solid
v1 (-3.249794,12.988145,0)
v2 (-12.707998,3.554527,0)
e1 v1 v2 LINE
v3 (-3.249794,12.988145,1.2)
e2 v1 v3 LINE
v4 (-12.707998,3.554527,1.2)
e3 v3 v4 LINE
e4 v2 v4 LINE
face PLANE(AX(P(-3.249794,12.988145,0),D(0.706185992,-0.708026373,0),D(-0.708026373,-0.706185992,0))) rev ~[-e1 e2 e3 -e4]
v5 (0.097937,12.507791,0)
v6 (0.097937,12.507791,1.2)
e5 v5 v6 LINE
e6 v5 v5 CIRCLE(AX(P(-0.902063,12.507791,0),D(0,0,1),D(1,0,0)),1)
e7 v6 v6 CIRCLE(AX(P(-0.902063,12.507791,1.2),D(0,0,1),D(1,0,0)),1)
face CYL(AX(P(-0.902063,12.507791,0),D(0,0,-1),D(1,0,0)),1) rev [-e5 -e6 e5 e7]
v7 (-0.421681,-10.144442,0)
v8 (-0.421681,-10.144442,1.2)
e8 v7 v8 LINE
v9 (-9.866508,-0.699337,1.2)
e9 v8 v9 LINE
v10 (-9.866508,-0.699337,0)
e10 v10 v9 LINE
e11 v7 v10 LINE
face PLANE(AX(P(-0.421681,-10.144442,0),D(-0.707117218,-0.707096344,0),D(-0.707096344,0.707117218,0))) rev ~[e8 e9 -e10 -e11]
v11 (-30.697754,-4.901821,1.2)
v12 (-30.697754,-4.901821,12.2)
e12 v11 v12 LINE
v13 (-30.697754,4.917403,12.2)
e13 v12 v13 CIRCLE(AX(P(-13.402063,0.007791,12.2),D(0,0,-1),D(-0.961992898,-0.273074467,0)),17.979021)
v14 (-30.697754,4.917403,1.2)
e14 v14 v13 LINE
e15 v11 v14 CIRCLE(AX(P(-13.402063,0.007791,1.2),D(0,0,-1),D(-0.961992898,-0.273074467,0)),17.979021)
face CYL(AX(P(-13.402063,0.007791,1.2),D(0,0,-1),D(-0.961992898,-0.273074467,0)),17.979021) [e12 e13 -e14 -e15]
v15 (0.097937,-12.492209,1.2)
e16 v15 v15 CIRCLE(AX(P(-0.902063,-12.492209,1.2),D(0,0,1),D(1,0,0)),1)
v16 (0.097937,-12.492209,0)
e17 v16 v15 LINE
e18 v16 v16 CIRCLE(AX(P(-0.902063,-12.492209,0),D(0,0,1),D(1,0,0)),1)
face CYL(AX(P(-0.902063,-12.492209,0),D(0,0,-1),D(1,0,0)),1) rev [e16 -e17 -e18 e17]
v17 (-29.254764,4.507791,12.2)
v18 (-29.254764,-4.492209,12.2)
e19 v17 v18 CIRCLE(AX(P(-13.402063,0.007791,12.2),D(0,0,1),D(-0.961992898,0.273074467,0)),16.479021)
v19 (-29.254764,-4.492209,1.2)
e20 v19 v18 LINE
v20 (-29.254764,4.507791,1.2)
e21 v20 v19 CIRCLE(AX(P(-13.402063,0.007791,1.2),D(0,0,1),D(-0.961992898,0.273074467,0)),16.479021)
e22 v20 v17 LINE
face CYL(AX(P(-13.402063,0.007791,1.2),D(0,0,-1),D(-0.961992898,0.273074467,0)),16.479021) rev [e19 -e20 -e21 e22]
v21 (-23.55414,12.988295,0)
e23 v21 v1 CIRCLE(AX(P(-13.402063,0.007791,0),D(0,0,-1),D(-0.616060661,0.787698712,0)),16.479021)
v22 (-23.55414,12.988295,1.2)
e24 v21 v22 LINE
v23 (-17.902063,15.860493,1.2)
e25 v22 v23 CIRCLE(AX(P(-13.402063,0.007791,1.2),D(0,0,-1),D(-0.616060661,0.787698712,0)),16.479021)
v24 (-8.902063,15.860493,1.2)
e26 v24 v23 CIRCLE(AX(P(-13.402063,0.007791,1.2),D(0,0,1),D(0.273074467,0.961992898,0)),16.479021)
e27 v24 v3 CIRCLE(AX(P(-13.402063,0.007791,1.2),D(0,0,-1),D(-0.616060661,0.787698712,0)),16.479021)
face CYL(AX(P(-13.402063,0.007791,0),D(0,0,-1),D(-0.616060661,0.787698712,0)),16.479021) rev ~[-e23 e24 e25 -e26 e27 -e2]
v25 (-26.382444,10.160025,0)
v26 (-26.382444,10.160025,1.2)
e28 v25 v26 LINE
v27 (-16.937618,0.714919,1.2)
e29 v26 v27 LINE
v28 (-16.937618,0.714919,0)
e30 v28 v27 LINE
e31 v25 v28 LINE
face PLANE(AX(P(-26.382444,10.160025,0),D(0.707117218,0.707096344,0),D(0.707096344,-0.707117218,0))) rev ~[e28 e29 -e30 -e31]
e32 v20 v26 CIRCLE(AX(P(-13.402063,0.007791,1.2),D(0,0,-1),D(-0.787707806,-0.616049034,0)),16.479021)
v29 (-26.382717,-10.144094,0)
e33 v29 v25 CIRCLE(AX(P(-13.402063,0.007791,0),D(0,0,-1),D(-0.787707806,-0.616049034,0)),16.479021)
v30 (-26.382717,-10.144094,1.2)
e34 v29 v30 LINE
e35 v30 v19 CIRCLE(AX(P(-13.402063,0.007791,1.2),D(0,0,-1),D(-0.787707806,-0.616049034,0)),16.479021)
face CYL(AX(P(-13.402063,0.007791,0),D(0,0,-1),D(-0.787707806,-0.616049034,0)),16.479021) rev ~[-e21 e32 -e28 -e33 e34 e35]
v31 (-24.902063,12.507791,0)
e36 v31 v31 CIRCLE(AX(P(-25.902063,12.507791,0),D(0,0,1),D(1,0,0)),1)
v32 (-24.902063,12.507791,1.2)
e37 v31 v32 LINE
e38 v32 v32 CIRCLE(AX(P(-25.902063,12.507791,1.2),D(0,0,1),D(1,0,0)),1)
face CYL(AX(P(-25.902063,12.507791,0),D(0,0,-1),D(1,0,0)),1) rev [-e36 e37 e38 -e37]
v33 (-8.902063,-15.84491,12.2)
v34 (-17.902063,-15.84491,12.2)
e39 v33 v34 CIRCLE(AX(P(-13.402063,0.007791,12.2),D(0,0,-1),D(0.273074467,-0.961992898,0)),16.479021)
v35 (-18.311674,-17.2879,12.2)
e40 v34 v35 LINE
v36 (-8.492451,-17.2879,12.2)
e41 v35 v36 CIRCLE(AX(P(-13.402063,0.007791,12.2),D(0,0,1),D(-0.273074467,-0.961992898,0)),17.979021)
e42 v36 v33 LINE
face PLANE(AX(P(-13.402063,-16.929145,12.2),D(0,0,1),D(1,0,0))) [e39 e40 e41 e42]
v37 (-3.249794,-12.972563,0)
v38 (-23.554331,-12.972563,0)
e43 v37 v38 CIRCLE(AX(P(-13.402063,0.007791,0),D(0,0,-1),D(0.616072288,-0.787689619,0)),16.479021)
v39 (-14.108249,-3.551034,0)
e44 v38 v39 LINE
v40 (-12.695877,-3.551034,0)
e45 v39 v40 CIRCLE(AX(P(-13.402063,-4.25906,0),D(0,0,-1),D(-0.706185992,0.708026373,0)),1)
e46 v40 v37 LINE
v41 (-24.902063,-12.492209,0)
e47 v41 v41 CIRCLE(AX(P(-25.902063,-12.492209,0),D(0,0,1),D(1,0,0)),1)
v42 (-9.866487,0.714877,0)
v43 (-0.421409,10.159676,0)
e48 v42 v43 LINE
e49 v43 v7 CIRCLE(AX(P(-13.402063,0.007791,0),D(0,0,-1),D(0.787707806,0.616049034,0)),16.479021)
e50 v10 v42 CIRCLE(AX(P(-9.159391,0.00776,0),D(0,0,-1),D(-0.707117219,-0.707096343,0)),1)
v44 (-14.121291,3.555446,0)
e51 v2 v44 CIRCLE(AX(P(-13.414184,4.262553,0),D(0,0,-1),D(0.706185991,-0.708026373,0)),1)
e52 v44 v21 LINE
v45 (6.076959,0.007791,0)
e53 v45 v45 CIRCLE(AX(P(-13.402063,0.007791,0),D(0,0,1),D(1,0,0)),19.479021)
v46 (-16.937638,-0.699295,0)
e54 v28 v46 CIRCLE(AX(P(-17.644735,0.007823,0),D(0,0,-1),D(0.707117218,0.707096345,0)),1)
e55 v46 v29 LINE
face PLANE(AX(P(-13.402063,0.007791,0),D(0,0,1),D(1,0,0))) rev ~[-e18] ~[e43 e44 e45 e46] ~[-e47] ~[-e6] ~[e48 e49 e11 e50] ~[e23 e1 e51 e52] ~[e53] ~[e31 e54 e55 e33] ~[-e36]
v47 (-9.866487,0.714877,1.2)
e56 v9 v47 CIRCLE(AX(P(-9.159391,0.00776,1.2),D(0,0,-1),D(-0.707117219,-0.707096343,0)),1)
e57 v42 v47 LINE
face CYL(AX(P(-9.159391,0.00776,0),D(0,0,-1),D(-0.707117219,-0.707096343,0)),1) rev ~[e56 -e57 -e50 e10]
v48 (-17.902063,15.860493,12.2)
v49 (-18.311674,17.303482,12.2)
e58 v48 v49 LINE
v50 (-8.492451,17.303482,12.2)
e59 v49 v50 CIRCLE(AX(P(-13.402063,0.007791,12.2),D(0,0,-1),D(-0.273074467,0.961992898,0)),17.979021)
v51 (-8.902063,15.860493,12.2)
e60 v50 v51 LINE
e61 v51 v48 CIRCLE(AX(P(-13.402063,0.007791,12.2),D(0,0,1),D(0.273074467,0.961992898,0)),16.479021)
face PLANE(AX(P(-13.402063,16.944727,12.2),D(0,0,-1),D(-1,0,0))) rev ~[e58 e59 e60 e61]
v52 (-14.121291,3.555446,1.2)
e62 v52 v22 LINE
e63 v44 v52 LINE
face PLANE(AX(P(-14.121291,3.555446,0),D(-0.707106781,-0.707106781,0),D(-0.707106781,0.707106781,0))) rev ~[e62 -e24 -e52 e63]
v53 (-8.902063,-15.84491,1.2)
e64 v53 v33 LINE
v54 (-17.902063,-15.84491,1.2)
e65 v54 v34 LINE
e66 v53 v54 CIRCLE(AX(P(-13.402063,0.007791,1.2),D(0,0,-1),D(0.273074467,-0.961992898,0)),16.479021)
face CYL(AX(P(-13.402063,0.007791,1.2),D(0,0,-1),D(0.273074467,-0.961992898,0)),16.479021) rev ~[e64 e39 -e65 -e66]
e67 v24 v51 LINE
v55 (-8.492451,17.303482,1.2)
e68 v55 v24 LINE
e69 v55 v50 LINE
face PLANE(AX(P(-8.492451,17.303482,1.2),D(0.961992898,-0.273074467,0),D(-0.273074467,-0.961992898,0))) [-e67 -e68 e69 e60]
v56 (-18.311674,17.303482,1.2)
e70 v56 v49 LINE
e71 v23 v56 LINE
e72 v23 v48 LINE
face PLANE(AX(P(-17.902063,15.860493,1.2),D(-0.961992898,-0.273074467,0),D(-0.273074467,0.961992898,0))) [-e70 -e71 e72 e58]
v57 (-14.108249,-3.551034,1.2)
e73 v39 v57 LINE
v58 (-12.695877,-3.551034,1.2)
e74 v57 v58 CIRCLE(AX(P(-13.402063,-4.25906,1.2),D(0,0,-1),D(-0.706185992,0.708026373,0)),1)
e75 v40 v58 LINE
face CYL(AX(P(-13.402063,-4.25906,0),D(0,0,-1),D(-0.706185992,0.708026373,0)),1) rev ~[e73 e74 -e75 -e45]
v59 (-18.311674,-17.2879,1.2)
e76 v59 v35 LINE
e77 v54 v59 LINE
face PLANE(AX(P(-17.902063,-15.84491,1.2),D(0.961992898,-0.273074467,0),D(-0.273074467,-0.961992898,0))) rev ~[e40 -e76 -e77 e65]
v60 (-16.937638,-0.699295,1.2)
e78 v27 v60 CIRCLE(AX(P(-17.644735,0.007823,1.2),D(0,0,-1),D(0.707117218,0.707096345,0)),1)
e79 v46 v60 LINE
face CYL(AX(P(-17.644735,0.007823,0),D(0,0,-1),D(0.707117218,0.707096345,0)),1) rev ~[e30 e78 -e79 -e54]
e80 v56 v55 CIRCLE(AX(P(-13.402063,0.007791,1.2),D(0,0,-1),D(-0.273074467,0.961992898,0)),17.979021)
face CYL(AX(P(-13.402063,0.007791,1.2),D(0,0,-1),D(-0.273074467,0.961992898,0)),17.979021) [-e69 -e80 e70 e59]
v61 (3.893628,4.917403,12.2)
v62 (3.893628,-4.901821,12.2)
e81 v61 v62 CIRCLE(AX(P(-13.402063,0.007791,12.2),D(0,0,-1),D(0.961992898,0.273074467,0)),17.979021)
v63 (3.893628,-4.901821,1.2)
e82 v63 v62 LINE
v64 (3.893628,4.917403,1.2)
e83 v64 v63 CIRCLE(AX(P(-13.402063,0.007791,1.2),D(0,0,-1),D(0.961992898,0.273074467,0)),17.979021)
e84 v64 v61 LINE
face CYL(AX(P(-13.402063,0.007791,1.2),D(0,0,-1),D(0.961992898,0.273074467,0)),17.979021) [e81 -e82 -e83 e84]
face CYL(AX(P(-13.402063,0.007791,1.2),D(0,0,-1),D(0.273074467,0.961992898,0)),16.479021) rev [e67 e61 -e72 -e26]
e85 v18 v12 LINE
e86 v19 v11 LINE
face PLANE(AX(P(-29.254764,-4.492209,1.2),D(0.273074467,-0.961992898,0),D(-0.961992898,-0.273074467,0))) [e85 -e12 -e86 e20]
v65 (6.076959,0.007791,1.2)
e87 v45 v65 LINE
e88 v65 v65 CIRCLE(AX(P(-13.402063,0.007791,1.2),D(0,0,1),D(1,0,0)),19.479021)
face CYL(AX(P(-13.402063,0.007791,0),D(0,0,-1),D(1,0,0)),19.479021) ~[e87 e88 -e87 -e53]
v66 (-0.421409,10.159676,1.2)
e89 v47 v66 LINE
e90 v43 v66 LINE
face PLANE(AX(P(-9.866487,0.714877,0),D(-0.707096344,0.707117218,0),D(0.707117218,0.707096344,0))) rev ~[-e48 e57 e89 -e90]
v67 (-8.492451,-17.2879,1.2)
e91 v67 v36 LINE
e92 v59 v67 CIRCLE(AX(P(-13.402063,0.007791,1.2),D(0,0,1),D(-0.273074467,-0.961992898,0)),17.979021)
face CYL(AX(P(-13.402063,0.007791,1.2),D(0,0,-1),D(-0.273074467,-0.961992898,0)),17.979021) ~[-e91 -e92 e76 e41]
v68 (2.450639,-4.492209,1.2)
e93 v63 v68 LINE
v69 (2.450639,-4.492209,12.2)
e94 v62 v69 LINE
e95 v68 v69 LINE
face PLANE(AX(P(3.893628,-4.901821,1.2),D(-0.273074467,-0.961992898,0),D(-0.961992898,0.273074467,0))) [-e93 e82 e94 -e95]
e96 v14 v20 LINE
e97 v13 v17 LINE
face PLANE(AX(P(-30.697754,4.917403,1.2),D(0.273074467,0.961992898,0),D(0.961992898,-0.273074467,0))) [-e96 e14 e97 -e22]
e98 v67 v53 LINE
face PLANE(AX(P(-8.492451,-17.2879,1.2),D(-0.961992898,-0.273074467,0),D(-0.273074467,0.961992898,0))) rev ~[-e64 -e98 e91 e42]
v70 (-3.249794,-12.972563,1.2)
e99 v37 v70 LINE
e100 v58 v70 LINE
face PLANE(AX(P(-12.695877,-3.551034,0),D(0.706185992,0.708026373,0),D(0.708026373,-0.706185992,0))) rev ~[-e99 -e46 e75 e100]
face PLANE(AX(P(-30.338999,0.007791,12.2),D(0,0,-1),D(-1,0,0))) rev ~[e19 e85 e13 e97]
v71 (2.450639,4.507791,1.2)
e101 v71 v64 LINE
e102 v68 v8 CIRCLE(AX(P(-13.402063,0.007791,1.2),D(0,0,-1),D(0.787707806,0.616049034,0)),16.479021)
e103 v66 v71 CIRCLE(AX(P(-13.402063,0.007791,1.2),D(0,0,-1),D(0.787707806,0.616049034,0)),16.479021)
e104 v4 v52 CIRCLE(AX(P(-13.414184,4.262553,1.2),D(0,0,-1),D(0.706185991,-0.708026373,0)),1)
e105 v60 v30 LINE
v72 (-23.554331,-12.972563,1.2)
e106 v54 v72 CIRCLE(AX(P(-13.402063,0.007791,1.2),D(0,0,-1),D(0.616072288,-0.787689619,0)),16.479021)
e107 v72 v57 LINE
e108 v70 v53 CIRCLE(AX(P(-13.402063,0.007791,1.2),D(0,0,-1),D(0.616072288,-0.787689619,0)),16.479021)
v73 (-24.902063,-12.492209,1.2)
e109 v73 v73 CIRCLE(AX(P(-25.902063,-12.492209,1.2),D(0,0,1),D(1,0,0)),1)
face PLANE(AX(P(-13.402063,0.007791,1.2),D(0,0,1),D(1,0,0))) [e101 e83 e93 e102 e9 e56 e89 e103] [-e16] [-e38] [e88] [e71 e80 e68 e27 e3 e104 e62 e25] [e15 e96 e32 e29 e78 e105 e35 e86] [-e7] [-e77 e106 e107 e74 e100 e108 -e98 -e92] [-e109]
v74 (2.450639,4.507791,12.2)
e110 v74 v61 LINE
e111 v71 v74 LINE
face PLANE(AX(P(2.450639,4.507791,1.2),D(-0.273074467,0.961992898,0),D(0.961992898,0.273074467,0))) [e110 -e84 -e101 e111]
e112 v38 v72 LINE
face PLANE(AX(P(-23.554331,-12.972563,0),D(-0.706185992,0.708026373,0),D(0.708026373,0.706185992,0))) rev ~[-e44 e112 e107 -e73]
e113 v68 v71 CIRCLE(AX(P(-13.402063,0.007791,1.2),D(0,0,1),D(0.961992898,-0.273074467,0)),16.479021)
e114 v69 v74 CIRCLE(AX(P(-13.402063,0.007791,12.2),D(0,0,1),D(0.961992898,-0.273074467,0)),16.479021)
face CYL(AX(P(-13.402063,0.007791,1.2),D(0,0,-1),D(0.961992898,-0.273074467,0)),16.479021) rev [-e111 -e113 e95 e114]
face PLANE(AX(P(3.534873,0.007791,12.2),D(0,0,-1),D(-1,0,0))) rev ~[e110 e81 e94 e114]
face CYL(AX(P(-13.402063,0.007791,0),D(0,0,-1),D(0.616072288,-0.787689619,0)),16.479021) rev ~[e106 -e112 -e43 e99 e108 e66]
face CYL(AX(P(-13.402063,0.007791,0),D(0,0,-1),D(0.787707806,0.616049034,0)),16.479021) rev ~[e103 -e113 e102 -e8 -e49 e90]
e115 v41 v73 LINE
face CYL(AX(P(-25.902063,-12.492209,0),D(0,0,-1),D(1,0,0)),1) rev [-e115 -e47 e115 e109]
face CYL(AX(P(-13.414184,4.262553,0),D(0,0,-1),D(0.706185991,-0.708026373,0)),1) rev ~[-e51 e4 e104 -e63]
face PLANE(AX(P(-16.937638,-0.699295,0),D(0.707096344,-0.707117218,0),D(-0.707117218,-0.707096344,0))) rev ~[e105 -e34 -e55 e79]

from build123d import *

# Parameters (mm, degrees)
SKETCH_4_R      = 19.479021456
SKETCH_4_R_2    = 1
EXTRUDE_1_DEPTH = 1.2
EXTRUDE_2_DEPTH = 11


with BuildPart() as part:
    # 草图4 → 凸台-拉伸1 (new body)
    with BuildSketch(Plane.XY):
        with Locations((-13.402062784, 0.00779119)):
            Circle(SKETCH_4_R)
        with Locations((-25.902062784, 12.50779119)):
            Circle(SKETCH_4_R_2, mode=Mode.SUBTRACT)
        with Locations((-0.902062784, 12.50779119)):
            Circle(SKETCH_4_R_2, mode=Mode.SUBTRACT)
        with Locations((-0.902062784, -12.49220881)):
            Circle(SKETCH_4_R_2, mode=Mode.SUBTRACT)
        with Locations((-25.902062784, -12.49220881)):
            Circle(SKETCH_4_R_2, mode=Mode.SUBTRACT)
        with BuildLine():
            Line((-0.421681224, -10.144442196), (-9.866508066, -0.699336529))
            ThreePointArc((-9.866508066, -0.699336529), (-10.159390847, 0.007774575), (-9.866487191, 0.714877033))
            Line((-9.866487191, 0.714877033), (-0.421408953, 10.159676447))
            ThreePointArc((-0.421408953, 10.159676447), (3.076958671, 0.007570212), (-0.421681224, -10.144442196))
        make_face(mode=Mode.SUBTRACT)
        with BuildLine():
            Line((-3.249794328, 12.988145321), (-12.707997878, 3.55452659))
            ThreePointArc((-12.707997878, 3.55452659), (-13.414834543, 3.262553175), (-14.121290651, 3.555446182))
            Line((-14.121290651, 3.555446182), (-23.554139641, 12.988295172))
            ThreePointArc((-23.554139641, 12.988295172), (-13.401941164, 16.486812646), (-3.249794328, 12.988145321))
        make_face(mode=Mode.SUBTRACT)
        with BuildLine():
            Line((-26.382444344, 10.160024576), (-16.937617502, 0.714918908))
            ThreePointArc((-16.937617502, 0.714918908), (-16.64473472, 0.007807804), (-16.937638376, -0.699294654))
            Line((-16.937638376, -0.699294654), (-26.382716615, -10.144094068))
            ThreePointArc((-26.382716615, -10.144094068), (-29.881084239, 0.008012168), (-26.382444344, 10.160024576))
        make_face(mode=Mode.SUBTRACT)
        with BuildLine():
            Line((-23.554331239, -12.972562941), (-14.108248776, -3.55103379))
            ThreePointArc((-14.108248776, -3.55103379), (-13.402062784, -3.259060163), (-12.695876792, -3.55103379))
            Line((-12.695876792, -3.55103379), (-3.249794328, -12.972562941))
            ThreePointArc((-3.249794328, -12.972562941), (-13.402062784, -16.471230267), (-23.554331239, -12.972562941))
        make_face(mode=Mode.SUBTRACT)
    extrude(amount=EXTRUDE_1_DEPTH)

    # 草图5 → 凸台-拉伸2 (add)
    with BuildSketch(Plane.XY.offset(1.2)):
        with BuildLine():
            Line((-17.902062784, -15.844910415), (-18.311674484, -17.287899762))
            ThreePointArc((-18.311674484, -17.287899762), (-13.402062784, -17.971230267), (-8.492451083, -17.287899762))
            Line((-8.492451083, -17.287899762), (-8.902062784, -15.844910415))
            ThreePointArc((-8.902062784, -15.844910415), (-13.402062784, -16.471230267), (-17.902062784, -15.844910415))
        make_face()
        with BuildLine():
            Line((-29.254764388, -4.49220881), (-30.697753735, -4.901820511))
            ThreePointArc((-30.697753735, -4.901820511), (-31.38108424, 0.00779119), (-30.697753735, 4.91740289))
            Line((-30.697753735, 4.91740289), (-29.254764388, 4.50779119))
            ThreePointArc((-29.254764388, 4.50779119), (-29.88108424, 0.00779119), (-29.254764388, -4.49220881))
        make_face()
        with BuildLine():
            Line((-17.902062784, 15.860492794), (-18.311674484, 17.303482141))
            ThreePointArc((-18.311674484, 17.303482141), (-13.402062784, 17.986812646), (-8.492451083, 17.303482141))
            Line((-8.492451083, 17.303482141), (-8.902062784, 15.860492794))
            ThreePointArc((-8.902062784, 15.860492794), (-13.402062784, 16.486812646), (-17.902062784, 15.860492794))
        make_face()
        with BuildLine():
            Line((2.450638821, 4.50779119), (3.893628168, 4.91740289))
            ThreePointArc((3.893628168, 4.91740289), (4.576958673, 0.00779119), (3.893628168, -4.901820511))
            Line((3.893628168, -4.901820511), (2.450638821, -4.49220881))
            ThreePointArc((2.450638821, -4.49220881), (3.076958673, 0.00779119), (2.450638821, 4.50779119))
        make_face()
    extrude(amount=EXTRUDE_2_DEPTH)


solid = part.part
